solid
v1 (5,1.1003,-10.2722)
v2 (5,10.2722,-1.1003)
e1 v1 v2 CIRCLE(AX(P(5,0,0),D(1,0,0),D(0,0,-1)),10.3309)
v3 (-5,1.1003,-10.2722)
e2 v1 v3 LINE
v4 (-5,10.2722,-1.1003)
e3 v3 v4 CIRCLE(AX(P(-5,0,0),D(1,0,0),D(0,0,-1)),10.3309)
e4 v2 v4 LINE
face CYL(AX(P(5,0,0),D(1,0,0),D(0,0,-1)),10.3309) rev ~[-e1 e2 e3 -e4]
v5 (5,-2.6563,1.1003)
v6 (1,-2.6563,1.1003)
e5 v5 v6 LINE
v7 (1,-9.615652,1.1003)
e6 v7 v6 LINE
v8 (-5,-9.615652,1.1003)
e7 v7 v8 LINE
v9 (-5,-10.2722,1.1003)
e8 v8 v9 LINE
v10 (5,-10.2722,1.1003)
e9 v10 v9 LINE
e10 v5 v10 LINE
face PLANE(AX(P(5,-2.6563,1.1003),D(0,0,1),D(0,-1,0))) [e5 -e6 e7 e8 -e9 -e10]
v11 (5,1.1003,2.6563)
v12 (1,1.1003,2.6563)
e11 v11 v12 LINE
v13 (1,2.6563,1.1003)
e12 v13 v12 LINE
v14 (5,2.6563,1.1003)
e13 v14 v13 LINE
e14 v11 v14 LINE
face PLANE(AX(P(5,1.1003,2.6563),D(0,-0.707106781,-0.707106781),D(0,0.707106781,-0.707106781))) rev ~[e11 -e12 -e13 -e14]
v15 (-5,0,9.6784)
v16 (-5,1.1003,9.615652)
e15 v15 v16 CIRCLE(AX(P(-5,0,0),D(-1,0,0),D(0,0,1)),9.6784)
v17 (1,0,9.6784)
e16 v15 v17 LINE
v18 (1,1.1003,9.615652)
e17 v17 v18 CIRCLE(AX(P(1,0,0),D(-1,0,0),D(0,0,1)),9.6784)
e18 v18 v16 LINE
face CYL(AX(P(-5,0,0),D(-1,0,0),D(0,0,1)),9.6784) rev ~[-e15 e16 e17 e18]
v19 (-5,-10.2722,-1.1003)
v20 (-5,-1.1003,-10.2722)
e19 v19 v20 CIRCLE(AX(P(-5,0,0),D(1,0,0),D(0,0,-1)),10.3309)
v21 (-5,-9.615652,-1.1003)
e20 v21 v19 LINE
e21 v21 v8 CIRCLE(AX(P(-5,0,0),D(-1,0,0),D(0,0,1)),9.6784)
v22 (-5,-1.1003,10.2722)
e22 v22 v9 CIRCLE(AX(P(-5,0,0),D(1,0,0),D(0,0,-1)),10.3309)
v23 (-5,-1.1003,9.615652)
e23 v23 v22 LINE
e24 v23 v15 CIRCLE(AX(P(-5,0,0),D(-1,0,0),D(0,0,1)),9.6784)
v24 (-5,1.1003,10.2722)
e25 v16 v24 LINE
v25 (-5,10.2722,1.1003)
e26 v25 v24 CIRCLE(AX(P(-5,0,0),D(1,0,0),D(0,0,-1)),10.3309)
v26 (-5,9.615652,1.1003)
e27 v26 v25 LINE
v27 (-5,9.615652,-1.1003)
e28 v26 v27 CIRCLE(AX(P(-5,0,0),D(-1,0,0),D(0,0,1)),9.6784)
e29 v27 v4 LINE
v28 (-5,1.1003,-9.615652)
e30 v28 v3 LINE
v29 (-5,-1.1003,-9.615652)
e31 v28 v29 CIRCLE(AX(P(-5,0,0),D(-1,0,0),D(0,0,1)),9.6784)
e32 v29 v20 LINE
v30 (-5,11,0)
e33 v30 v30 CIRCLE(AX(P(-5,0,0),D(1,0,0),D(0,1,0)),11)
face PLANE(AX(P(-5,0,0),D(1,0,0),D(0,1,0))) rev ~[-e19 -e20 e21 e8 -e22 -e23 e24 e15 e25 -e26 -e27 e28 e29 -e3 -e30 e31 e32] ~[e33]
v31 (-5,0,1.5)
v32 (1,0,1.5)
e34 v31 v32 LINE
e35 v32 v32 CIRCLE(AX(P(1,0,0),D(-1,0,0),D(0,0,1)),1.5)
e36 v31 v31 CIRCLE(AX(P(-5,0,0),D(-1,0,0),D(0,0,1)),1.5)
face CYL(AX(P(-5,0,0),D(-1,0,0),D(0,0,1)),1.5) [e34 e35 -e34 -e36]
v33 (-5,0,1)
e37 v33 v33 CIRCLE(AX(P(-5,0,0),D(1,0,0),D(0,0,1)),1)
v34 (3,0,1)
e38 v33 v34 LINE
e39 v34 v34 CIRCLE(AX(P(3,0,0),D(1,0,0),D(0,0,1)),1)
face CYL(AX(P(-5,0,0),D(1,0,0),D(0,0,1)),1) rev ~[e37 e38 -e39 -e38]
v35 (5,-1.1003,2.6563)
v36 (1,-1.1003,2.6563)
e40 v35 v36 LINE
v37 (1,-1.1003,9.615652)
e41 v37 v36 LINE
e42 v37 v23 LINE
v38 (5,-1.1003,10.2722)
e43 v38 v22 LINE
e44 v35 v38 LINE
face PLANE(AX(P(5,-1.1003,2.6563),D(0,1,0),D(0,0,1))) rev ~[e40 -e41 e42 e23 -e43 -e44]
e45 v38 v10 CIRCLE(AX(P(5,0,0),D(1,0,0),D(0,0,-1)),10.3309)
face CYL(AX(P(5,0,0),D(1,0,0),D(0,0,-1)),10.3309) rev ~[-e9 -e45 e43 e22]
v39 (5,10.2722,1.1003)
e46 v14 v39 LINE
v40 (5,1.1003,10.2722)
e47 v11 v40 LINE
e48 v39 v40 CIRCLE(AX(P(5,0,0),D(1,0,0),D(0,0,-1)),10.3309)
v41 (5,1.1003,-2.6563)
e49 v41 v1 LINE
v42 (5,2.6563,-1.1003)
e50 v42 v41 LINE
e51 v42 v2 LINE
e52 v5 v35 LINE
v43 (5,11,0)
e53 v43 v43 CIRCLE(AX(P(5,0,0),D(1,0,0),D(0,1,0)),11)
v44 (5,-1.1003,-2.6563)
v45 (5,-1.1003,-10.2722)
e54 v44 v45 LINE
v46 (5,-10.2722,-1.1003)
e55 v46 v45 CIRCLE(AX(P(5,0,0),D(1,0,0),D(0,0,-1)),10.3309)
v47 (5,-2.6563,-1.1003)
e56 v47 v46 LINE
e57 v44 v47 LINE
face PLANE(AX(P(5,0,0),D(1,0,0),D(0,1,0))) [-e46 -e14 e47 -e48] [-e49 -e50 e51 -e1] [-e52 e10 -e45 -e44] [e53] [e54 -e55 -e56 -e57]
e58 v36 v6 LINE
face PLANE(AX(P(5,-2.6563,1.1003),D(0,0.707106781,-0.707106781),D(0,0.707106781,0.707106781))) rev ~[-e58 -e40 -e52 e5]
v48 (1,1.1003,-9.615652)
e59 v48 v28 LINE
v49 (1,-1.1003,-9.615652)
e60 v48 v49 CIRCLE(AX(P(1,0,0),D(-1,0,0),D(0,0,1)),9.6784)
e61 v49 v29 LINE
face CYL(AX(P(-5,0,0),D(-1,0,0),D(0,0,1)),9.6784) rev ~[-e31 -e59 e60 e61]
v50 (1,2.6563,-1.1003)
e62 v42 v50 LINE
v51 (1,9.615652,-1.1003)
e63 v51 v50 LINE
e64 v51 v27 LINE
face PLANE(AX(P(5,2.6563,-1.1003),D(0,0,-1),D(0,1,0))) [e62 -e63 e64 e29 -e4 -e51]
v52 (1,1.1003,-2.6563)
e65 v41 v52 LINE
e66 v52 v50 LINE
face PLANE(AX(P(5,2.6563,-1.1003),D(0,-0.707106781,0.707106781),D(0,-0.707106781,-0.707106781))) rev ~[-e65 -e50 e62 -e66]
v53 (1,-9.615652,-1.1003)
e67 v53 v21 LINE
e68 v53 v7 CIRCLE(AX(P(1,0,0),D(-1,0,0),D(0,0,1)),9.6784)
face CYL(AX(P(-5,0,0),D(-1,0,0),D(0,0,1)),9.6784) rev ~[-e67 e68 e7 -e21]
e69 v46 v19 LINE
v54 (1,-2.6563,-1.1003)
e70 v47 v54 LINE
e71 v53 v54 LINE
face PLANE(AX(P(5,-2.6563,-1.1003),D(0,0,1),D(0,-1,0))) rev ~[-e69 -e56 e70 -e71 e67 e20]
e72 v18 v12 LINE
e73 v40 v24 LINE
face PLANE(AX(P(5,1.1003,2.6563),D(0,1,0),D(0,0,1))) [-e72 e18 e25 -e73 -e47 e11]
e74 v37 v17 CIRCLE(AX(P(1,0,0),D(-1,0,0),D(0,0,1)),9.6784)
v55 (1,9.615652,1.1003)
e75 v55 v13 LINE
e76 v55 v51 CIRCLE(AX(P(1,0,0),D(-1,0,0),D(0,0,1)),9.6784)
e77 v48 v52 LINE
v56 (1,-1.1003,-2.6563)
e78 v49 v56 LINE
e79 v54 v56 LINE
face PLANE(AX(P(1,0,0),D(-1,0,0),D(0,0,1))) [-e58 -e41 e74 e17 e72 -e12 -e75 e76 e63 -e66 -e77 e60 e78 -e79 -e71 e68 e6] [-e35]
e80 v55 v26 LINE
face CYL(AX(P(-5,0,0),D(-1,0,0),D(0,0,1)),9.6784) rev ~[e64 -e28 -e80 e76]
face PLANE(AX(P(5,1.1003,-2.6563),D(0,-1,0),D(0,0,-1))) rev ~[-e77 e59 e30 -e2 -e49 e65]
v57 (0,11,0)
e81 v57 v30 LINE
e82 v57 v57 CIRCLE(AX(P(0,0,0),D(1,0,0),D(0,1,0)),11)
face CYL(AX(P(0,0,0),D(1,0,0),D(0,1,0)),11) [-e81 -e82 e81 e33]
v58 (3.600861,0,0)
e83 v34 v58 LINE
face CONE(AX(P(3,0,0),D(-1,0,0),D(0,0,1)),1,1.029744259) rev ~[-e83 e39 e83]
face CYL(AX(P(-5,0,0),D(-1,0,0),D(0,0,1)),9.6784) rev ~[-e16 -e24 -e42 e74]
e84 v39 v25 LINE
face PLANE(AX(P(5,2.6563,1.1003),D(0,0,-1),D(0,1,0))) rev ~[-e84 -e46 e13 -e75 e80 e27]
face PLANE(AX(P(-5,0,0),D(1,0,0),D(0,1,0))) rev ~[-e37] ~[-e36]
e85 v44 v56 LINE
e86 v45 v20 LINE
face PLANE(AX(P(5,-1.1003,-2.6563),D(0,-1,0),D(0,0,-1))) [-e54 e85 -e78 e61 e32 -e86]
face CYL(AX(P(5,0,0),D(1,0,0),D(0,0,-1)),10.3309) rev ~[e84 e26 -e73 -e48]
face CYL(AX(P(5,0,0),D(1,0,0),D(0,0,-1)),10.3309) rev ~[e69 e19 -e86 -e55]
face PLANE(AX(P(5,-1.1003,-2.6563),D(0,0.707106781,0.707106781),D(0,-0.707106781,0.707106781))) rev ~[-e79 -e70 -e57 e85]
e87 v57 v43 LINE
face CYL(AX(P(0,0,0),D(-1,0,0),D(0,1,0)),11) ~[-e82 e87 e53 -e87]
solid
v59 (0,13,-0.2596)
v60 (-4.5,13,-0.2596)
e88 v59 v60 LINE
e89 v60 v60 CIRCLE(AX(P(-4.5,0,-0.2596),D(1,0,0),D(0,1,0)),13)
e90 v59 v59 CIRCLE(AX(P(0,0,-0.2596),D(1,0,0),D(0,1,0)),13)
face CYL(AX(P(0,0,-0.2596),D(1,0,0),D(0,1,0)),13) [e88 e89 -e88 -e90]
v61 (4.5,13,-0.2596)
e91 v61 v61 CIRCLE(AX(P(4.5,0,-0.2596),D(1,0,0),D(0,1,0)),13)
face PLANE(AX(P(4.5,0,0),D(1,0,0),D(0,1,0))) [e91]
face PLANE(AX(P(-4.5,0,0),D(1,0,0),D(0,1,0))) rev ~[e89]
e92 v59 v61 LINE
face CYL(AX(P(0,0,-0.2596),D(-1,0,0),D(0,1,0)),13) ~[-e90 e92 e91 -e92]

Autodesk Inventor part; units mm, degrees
ref_plane "YZ Plane" through (0, 0, 0) normal (1, 0, 0) x (0, 1, 0)
ref_plane "XZ Plane" through (0, 0, 0) normal (0, 1, 0) x (-1, 0, 0)
ref_plane "XY Plane" through (0, 0, 0) normal (0, 0, 1) x (1, 0, 0)
sketch "Sketch1" plane through (0, 0, 0) normal (1, 0, 0) x (0, 1, 0)
  circle A0 centre (0, 0) radius 11
  dimension "d0" = 22
extrude "Extrusion1" add sketch "Sketch1" along normal mid plane 10
sketch "Sketch2" plane through (-5, 0, 0) normal (-1, 0, 0) x (0, 0, 1)
  point P0 (0, 0)
sketch "Sketch3" plane through (0, 0, 0) normal (1, 0, 0) x (0, 1, 0)
  circle A0 centre (0, -0.2596) radius 13
  point P0 (0, 0)
  dimension "d3" = 26
extrude "Extrusion2" add sketch "Sketch3" along normal mid plane 9 separate body
hole "Hole1" at (-5, 0, 0) direction (1, 0, 0) diameter 2 depth 8 tip angle 118 bodies 1
sketch "Sketch4" plane through (-5, 0, 0) normal (-1, 0, 0) x (0, 0, 1)
  circle A0 centre (0, 0) radius 9.6784
  circle A1 centre (0, 0) radius 1 projected
  circle A2 centre (0, 0) radius 1.5
  dimension "d13" = 3
extrude "Extrusion3" cut sketch "Sketch4" against normal blind 6 contours A0 bodies 1
sketch "Sketch6" plane through (5, 0, 0) normal (1, 0, 0) x (0, 0, -1)
  circle A0 centre (0, 0) radius 1.5 projected
  line L0 (-2.6563, -1.1003) -> (-2.6563, 1.1003)
  line L1 (-2.6563, 1.1003) -> (-1.1003, 2.6563)
  line L2 (-1.1003, 2.6563) -> (1.1003, 2.6563)
  line L3 (1.1003, 2.6563) -> (2.6563, 1.1003)
  line L4 (2.6563, 1.1003) -> (2.6563, -1.1003)
  line L5 (2.6563, -1.1003) -> (1.1003, -2.6563)
  line L6 (1.1003, -2.6563) -> (-1.1003, -2.6563)
  line L7 (-1.1003, -2.6563) -> (-2.6563, -1.1003)
  circle A1 centre (0, 0) radius 10.3309
  line L8 (-2.6563, -1.1003) -> (-10.2722, -1.1003)
  line L9 (-1.1003, 2.6563) -> (-1.1003, 10.2722)
  line L10 (2.6563, 1.1003) -> (10.2722, 1.1003)
  line L11 (1.1003, -2.6563) -> (1.1003, -10.2722)
  line L12 (-2.6563, 1.1003) -> (-10.2722, 1.1003)
  line L13 (-1.1003, -2.6563) -> (-1.1003, -10.2722)
  circle A2 centre (0, 0) radius 10.3309
  line L14 (2.6563, -1.1003) -> (10.2722, -1.1003)
  circle A3 centre (0, 0) radius 10.3309
  line L15 (1.1003, 2.6563) -> (1.1003, 10.2722)
  circle A4 centre (0, 0) radius 10.3309
  point P0 (1.1003, -10.2722)
  point P1 (10.2722, 1.1003)
  point P2 (-1.1003, 10.2722)
  dimension "d18" = 360
  dimension "d22" = 360
extrude "Extrusion4" cut sketch "Sketch6" against normal through all contours L7 L13 A1 L8 | L12 A1 L9 L1 | L5 L14 A1 L11 | L15 A1 L10 L3 bodies 1
properties part number "Part3proj" material "Rubber"
